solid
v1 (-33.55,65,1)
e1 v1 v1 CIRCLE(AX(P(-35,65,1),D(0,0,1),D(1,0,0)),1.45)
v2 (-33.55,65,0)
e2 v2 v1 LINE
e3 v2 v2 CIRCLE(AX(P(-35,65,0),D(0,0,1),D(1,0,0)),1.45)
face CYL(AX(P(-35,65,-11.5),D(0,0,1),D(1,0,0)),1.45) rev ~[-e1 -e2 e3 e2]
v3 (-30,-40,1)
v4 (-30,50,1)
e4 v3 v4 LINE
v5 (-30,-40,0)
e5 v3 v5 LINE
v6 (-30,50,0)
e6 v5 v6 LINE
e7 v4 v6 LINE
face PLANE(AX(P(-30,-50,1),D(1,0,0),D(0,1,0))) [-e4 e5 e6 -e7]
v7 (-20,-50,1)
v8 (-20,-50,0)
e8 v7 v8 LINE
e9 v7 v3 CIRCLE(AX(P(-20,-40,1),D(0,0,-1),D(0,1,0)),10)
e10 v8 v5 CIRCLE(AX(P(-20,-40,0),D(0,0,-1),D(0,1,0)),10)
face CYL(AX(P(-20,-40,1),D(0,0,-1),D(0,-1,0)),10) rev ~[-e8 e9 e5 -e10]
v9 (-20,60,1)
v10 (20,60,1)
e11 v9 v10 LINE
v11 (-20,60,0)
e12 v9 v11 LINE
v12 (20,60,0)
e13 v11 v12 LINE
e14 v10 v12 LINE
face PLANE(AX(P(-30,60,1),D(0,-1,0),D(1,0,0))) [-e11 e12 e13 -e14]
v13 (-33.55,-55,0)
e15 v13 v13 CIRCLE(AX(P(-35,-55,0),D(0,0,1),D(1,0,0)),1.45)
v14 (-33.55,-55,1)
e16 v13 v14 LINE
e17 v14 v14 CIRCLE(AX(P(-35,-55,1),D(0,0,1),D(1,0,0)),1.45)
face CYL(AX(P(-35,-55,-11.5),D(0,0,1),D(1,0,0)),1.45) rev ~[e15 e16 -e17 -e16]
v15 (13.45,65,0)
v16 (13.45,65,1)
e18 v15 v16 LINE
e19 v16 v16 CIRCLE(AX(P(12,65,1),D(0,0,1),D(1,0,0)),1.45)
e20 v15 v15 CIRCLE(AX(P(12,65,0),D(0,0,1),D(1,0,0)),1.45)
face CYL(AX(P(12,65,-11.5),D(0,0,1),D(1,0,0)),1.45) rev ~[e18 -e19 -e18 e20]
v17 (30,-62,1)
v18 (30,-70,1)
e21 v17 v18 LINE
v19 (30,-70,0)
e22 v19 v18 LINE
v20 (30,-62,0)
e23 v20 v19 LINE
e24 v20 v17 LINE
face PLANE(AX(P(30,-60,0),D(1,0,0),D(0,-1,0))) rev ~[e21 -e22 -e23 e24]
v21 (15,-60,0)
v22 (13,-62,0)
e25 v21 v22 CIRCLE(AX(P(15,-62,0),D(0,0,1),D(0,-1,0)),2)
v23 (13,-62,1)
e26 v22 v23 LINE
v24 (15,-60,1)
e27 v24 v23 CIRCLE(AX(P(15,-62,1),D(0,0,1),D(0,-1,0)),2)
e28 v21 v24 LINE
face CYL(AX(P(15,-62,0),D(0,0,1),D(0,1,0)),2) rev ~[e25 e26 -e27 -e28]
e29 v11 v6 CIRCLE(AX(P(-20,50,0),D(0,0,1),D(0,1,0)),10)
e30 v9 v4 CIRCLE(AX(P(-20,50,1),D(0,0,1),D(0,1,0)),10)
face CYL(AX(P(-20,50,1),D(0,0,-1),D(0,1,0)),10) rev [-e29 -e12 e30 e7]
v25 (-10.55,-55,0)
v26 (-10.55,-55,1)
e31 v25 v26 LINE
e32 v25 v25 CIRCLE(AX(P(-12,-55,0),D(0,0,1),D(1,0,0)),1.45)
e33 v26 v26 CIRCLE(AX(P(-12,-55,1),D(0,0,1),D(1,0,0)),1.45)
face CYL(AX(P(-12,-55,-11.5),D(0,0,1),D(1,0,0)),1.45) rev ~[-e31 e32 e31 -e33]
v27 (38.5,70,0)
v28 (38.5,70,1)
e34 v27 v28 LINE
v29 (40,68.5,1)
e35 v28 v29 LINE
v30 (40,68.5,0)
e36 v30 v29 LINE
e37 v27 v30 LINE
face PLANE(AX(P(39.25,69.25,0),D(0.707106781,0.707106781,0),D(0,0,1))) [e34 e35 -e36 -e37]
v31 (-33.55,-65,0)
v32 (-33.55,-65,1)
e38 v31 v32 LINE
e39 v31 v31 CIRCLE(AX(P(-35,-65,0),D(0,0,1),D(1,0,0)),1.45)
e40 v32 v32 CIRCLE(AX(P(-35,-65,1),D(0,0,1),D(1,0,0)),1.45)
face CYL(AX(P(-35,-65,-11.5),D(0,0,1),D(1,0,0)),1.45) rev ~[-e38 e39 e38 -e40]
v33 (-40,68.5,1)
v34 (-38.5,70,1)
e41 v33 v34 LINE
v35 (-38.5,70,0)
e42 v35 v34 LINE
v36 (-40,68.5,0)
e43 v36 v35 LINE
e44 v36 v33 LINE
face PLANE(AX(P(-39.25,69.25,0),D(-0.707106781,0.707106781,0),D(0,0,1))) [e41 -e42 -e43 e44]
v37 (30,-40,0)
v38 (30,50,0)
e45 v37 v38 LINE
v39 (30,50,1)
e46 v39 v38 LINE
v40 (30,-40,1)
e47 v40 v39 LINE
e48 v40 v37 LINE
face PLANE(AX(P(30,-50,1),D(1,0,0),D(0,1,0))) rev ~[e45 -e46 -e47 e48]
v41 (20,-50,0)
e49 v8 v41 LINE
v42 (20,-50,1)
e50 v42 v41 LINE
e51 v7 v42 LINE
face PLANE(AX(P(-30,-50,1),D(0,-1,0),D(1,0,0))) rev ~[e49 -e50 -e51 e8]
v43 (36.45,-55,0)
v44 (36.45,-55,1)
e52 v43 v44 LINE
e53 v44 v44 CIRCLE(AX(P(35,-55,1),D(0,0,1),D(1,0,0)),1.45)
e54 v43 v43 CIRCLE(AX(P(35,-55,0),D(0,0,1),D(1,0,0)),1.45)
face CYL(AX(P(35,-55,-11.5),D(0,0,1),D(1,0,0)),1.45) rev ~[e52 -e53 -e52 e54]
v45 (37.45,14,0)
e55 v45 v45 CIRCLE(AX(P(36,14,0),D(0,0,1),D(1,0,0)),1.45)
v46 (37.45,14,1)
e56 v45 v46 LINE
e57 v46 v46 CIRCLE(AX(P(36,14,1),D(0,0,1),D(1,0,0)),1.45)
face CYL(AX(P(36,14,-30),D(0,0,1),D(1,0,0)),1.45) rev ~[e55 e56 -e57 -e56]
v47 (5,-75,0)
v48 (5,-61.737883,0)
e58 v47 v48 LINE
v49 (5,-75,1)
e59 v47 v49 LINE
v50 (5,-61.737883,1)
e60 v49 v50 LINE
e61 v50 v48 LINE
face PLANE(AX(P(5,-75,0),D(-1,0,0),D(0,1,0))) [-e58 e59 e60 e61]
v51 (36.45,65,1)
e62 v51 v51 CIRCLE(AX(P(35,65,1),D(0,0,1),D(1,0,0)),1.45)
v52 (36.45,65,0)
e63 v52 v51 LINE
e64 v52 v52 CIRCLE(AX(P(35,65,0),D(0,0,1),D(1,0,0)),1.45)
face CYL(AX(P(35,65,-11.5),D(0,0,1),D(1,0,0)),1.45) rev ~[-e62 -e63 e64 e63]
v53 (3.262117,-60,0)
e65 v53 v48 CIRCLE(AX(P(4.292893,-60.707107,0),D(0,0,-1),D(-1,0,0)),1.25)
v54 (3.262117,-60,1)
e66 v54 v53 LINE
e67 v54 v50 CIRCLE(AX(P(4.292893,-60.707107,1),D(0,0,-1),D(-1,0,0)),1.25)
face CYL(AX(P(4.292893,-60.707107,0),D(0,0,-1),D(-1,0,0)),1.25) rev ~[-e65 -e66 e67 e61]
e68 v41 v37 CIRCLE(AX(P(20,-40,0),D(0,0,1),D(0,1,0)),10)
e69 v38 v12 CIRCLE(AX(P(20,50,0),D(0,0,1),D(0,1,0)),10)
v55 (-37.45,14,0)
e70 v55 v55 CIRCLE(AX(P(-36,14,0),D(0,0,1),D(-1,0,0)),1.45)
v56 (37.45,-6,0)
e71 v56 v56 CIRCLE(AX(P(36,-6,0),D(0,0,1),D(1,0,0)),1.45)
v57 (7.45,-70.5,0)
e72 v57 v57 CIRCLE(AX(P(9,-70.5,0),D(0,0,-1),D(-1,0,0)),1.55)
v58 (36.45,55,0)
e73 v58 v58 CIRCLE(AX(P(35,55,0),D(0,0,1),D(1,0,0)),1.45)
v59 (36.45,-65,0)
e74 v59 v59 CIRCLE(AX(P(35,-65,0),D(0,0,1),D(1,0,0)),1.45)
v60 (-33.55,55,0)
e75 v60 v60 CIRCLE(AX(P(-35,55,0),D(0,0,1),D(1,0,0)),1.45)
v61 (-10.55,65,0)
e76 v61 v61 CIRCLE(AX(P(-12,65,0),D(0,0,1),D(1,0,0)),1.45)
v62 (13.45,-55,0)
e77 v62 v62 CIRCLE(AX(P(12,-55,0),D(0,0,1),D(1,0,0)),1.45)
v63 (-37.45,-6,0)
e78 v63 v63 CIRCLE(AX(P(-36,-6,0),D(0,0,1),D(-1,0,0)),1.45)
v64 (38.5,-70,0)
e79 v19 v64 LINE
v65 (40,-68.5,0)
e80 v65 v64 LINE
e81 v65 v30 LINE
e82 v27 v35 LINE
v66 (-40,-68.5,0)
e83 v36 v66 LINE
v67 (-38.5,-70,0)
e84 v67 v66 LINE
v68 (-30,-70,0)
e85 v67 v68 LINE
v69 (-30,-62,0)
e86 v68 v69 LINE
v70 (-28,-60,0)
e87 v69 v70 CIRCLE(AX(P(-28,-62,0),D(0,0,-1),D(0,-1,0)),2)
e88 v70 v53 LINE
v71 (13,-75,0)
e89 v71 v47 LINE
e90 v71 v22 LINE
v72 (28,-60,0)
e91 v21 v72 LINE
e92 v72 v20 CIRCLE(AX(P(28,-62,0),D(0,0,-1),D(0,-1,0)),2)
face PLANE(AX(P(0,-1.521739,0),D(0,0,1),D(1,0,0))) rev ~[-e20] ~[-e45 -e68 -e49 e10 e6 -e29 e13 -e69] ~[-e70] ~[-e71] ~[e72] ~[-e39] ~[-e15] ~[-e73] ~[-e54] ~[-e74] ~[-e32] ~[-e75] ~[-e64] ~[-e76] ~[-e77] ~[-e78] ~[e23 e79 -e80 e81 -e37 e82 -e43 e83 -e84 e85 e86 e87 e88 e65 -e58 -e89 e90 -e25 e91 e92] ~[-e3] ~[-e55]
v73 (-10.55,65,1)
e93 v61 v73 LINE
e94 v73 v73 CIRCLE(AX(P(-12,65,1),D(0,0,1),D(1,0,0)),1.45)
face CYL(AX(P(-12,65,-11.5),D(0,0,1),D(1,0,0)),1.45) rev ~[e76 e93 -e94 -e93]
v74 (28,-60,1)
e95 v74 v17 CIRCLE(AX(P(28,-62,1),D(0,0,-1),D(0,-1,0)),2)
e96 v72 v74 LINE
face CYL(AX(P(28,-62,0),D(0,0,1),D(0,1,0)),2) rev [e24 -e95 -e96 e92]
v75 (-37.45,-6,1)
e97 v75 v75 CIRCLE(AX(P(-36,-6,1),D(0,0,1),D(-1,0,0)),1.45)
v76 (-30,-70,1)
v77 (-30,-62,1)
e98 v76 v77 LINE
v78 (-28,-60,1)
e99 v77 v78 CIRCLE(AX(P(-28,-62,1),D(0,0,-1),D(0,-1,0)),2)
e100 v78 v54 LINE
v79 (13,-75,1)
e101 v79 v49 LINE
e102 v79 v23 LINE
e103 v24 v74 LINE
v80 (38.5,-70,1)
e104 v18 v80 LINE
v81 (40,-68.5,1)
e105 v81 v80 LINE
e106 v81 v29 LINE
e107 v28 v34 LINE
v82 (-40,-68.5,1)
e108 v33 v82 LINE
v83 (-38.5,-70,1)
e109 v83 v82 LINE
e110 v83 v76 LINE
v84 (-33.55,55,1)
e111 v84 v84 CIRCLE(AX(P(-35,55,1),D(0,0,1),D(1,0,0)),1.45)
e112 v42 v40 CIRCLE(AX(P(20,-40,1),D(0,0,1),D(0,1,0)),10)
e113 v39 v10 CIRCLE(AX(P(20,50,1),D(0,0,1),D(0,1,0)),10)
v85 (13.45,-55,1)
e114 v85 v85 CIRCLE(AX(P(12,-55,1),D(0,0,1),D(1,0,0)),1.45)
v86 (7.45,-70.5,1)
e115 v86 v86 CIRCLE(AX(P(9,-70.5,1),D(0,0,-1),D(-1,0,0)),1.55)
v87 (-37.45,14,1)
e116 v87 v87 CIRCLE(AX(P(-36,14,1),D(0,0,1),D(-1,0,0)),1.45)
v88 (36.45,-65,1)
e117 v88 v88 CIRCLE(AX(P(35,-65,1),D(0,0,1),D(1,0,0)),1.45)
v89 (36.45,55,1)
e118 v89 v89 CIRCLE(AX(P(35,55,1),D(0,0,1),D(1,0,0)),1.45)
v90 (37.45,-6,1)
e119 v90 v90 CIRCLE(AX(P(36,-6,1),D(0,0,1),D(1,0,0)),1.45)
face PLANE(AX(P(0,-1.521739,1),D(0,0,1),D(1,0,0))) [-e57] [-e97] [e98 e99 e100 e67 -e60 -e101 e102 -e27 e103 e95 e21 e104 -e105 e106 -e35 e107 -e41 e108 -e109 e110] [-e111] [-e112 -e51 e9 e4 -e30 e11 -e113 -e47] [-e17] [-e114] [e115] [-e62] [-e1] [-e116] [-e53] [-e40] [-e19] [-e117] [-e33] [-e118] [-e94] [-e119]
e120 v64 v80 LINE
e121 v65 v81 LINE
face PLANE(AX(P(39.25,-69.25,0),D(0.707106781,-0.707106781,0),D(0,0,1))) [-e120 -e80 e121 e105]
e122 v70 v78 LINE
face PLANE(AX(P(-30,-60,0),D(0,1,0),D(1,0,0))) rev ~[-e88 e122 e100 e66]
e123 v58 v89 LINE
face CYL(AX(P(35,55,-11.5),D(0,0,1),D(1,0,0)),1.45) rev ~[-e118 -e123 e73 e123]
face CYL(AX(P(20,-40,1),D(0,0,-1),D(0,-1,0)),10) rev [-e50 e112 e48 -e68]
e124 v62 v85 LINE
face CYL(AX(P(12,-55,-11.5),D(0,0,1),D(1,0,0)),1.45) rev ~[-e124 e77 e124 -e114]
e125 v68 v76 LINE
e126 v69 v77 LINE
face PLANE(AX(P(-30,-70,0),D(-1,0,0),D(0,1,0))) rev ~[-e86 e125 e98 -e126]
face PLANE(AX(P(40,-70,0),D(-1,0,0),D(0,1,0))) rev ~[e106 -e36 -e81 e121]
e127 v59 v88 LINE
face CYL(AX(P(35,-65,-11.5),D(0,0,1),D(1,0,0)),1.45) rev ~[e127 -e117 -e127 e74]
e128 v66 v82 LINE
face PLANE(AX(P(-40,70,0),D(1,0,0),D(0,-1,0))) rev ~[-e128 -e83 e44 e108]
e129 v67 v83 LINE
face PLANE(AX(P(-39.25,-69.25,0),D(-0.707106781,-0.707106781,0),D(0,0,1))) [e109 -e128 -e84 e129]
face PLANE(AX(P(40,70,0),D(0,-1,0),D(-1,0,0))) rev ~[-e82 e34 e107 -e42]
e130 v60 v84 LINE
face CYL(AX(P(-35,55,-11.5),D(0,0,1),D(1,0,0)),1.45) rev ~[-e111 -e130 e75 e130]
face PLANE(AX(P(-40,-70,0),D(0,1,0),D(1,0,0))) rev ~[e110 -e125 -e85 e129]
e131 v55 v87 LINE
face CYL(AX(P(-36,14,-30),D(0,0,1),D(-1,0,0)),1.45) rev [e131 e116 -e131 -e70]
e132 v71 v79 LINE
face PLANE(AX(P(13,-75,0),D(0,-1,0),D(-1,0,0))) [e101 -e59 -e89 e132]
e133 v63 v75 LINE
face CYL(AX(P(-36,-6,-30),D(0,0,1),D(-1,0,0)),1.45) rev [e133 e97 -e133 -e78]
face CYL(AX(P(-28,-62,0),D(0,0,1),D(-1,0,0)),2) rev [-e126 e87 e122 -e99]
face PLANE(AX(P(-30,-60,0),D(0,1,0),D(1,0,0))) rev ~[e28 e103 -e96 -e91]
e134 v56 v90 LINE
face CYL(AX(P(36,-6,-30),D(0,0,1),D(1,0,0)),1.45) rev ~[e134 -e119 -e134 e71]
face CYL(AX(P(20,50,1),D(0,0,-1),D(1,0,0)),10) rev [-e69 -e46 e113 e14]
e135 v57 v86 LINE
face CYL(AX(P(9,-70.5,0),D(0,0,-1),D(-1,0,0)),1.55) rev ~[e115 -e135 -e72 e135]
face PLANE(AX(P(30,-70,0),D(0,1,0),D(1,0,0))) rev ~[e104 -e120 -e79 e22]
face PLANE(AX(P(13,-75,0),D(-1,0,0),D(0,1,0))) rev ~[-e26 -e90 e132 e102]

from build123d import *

# Parameters (mm, degrees)
BOSS_EXTRUDE12_DEPTH       = 1
SKETCH88_W                 = 60
SKETCH88_H                 = 110
CUT_EXTRUDE1_DEPTH         = 1
FILLET1_R                  = 10
M2_5_CLEARANCE_HOLE1_D     = 2.9
M2_5_CLEARANCE_HOLE1_DEPTH = 11.5
SKETCH91_W                 = 8
SKETCH91_H                 = 15
SKETCH91_R                 = 1.55
BOSS_EXTRUDE13_DEPTH       = 1
FILLET2_R                  = 2
CHAMFER1_SIZE              = 1.5
SKETCH93_R                 = 1.25
CUT_EXTRUDE2_DEPTH         = 10
M2_5_CLEARANCE_HOLE2_D     = 2.9
M2_5_CLEARANCE_HOLE2_DEPTH = 30


with BuildPart() as part:
    # Sketch87 → Boss-Extrude12 (new body)
    with BuildSketch(Plane.XY):
        Polygon((-40, 70), (-40, -70), (-30, -70), (-30, -60), (30, -60), (30, -70), (40, -70), (40, 70), align=None)
    extrude(amount=BOSS_EXTRUDE12_DEPTH)

    # Sketch88 → Cut-Extrude1 (cut)
    with BuildSketch(Plane.XY.offset(1)):
        with Locations((0, 5)):
            Rectangle(SKETCH88_W, SKETCH88_H)
    extrude(amount=-CUT_EXTRUDE1_DEPTH, mode=Mode.SUBTRACT)

    # Fillet1
    fillet1_edges = [part.edges().sort_by_distance(p)[0] for p in [
        (-30, -50, 0.5),
        (-30, 60, 0.5),
        (30, 60, 0.5),
        (30, -50, 0.5),
    ]]
    fillet(fillet1_edges, radius=FILLET1_R)

    # M2.5 Clearance Hole1
    with Locations(Plane(origin=(0, 0, 0), x_dir=(-1, 0, 0), z_dir=(0, 0, -1))):
        with Locations((35, -65), (35, -55), (-35, -55), (-35, -65), (12, -55), (-12, -55), (-12, 65), (12, 65), (-35, 65), (35, 65), (-35, 55), (35, 55)):
            Hole(M2_5_CLEARANCE_HOLE1_D / 2, depth=M2_5_CLEARANCE_HOLE1_DEPTH)

    # Sketch91 → Boss-Extrude13 (add)
    with BuildSketch(Plane(origin=(0, 0, 0), x_dir=(-1, 0, 0), z_dir=(0, 0, -1))):
        with Locations((-9, -67.5)):
            Rectangle(SKETCH91_W, SKETCH91_H)
        with Locations((-9, -70.5)):
            Circle(SKETCH91_R, mode=Mode.SUBTRACT)
    extrude(amount=-BOSS_EXTRUDE13_DEPTH)

    # Fillet2
    fillet2_edges = [part.edges().sort_by_distance(p)[0] for p in [
        (30, -60, 0.5),
        (-30, -60, 0.5),
        (13, -60, 0.5),
    ]]
    fillet(fillet2_edges, radius=FILLET2_R)

    # Chamfer1
    chamfer1_edges = [part.edges().sort_by_distance(p)[0] for p in [
        (40, 70, 0.5),
        (40, -70, 0.5),
        (-40, -70, 0.5),
        (-40, 70, 0.5),
    ]]
    chamfer(chamfer1_edges, length=CHAMFER1_SIZE)

    # Sketch93 → Cut-Extrude2 (cut)
    with BuildSketch(Plane(origin=(0, 0, 0), x_dir=(-1, 0, 0), z_dir=(0, 0, -1))):
        with Locations((-4.292893219, -60.707106781)):
            Circle(SKETCH93_R)
    extrude(amount=-CUT_EXTRUDE2_DEPTH, mode=Mode.SUBTRACT)

    # M2.5 Clearance Hole2
    with Locations(Plane(origin=(0, 0, 0), x_dir=(-1, 0, 0), z_dir=(0, 0, -1))):
        with Locations((-36, 14), (-36, -6)):
            m2_5_clearance_hole2 = Hole(M2_5_CLEARANCE_HOLE2_D / 2, depth=M2_5_CLEARANCE_HOLE2_DEPTH)

    # Mirror1: M2.5 Clearance Hole2 across plane
    add(m2_5_clearance_hole2.mirror(Plane(origin=(0, 0, 0), x_dir=(0, 0, 1), z_dir=(1, 0, 0))), mode=Mode.SUBTRACT)


solid = part.part
